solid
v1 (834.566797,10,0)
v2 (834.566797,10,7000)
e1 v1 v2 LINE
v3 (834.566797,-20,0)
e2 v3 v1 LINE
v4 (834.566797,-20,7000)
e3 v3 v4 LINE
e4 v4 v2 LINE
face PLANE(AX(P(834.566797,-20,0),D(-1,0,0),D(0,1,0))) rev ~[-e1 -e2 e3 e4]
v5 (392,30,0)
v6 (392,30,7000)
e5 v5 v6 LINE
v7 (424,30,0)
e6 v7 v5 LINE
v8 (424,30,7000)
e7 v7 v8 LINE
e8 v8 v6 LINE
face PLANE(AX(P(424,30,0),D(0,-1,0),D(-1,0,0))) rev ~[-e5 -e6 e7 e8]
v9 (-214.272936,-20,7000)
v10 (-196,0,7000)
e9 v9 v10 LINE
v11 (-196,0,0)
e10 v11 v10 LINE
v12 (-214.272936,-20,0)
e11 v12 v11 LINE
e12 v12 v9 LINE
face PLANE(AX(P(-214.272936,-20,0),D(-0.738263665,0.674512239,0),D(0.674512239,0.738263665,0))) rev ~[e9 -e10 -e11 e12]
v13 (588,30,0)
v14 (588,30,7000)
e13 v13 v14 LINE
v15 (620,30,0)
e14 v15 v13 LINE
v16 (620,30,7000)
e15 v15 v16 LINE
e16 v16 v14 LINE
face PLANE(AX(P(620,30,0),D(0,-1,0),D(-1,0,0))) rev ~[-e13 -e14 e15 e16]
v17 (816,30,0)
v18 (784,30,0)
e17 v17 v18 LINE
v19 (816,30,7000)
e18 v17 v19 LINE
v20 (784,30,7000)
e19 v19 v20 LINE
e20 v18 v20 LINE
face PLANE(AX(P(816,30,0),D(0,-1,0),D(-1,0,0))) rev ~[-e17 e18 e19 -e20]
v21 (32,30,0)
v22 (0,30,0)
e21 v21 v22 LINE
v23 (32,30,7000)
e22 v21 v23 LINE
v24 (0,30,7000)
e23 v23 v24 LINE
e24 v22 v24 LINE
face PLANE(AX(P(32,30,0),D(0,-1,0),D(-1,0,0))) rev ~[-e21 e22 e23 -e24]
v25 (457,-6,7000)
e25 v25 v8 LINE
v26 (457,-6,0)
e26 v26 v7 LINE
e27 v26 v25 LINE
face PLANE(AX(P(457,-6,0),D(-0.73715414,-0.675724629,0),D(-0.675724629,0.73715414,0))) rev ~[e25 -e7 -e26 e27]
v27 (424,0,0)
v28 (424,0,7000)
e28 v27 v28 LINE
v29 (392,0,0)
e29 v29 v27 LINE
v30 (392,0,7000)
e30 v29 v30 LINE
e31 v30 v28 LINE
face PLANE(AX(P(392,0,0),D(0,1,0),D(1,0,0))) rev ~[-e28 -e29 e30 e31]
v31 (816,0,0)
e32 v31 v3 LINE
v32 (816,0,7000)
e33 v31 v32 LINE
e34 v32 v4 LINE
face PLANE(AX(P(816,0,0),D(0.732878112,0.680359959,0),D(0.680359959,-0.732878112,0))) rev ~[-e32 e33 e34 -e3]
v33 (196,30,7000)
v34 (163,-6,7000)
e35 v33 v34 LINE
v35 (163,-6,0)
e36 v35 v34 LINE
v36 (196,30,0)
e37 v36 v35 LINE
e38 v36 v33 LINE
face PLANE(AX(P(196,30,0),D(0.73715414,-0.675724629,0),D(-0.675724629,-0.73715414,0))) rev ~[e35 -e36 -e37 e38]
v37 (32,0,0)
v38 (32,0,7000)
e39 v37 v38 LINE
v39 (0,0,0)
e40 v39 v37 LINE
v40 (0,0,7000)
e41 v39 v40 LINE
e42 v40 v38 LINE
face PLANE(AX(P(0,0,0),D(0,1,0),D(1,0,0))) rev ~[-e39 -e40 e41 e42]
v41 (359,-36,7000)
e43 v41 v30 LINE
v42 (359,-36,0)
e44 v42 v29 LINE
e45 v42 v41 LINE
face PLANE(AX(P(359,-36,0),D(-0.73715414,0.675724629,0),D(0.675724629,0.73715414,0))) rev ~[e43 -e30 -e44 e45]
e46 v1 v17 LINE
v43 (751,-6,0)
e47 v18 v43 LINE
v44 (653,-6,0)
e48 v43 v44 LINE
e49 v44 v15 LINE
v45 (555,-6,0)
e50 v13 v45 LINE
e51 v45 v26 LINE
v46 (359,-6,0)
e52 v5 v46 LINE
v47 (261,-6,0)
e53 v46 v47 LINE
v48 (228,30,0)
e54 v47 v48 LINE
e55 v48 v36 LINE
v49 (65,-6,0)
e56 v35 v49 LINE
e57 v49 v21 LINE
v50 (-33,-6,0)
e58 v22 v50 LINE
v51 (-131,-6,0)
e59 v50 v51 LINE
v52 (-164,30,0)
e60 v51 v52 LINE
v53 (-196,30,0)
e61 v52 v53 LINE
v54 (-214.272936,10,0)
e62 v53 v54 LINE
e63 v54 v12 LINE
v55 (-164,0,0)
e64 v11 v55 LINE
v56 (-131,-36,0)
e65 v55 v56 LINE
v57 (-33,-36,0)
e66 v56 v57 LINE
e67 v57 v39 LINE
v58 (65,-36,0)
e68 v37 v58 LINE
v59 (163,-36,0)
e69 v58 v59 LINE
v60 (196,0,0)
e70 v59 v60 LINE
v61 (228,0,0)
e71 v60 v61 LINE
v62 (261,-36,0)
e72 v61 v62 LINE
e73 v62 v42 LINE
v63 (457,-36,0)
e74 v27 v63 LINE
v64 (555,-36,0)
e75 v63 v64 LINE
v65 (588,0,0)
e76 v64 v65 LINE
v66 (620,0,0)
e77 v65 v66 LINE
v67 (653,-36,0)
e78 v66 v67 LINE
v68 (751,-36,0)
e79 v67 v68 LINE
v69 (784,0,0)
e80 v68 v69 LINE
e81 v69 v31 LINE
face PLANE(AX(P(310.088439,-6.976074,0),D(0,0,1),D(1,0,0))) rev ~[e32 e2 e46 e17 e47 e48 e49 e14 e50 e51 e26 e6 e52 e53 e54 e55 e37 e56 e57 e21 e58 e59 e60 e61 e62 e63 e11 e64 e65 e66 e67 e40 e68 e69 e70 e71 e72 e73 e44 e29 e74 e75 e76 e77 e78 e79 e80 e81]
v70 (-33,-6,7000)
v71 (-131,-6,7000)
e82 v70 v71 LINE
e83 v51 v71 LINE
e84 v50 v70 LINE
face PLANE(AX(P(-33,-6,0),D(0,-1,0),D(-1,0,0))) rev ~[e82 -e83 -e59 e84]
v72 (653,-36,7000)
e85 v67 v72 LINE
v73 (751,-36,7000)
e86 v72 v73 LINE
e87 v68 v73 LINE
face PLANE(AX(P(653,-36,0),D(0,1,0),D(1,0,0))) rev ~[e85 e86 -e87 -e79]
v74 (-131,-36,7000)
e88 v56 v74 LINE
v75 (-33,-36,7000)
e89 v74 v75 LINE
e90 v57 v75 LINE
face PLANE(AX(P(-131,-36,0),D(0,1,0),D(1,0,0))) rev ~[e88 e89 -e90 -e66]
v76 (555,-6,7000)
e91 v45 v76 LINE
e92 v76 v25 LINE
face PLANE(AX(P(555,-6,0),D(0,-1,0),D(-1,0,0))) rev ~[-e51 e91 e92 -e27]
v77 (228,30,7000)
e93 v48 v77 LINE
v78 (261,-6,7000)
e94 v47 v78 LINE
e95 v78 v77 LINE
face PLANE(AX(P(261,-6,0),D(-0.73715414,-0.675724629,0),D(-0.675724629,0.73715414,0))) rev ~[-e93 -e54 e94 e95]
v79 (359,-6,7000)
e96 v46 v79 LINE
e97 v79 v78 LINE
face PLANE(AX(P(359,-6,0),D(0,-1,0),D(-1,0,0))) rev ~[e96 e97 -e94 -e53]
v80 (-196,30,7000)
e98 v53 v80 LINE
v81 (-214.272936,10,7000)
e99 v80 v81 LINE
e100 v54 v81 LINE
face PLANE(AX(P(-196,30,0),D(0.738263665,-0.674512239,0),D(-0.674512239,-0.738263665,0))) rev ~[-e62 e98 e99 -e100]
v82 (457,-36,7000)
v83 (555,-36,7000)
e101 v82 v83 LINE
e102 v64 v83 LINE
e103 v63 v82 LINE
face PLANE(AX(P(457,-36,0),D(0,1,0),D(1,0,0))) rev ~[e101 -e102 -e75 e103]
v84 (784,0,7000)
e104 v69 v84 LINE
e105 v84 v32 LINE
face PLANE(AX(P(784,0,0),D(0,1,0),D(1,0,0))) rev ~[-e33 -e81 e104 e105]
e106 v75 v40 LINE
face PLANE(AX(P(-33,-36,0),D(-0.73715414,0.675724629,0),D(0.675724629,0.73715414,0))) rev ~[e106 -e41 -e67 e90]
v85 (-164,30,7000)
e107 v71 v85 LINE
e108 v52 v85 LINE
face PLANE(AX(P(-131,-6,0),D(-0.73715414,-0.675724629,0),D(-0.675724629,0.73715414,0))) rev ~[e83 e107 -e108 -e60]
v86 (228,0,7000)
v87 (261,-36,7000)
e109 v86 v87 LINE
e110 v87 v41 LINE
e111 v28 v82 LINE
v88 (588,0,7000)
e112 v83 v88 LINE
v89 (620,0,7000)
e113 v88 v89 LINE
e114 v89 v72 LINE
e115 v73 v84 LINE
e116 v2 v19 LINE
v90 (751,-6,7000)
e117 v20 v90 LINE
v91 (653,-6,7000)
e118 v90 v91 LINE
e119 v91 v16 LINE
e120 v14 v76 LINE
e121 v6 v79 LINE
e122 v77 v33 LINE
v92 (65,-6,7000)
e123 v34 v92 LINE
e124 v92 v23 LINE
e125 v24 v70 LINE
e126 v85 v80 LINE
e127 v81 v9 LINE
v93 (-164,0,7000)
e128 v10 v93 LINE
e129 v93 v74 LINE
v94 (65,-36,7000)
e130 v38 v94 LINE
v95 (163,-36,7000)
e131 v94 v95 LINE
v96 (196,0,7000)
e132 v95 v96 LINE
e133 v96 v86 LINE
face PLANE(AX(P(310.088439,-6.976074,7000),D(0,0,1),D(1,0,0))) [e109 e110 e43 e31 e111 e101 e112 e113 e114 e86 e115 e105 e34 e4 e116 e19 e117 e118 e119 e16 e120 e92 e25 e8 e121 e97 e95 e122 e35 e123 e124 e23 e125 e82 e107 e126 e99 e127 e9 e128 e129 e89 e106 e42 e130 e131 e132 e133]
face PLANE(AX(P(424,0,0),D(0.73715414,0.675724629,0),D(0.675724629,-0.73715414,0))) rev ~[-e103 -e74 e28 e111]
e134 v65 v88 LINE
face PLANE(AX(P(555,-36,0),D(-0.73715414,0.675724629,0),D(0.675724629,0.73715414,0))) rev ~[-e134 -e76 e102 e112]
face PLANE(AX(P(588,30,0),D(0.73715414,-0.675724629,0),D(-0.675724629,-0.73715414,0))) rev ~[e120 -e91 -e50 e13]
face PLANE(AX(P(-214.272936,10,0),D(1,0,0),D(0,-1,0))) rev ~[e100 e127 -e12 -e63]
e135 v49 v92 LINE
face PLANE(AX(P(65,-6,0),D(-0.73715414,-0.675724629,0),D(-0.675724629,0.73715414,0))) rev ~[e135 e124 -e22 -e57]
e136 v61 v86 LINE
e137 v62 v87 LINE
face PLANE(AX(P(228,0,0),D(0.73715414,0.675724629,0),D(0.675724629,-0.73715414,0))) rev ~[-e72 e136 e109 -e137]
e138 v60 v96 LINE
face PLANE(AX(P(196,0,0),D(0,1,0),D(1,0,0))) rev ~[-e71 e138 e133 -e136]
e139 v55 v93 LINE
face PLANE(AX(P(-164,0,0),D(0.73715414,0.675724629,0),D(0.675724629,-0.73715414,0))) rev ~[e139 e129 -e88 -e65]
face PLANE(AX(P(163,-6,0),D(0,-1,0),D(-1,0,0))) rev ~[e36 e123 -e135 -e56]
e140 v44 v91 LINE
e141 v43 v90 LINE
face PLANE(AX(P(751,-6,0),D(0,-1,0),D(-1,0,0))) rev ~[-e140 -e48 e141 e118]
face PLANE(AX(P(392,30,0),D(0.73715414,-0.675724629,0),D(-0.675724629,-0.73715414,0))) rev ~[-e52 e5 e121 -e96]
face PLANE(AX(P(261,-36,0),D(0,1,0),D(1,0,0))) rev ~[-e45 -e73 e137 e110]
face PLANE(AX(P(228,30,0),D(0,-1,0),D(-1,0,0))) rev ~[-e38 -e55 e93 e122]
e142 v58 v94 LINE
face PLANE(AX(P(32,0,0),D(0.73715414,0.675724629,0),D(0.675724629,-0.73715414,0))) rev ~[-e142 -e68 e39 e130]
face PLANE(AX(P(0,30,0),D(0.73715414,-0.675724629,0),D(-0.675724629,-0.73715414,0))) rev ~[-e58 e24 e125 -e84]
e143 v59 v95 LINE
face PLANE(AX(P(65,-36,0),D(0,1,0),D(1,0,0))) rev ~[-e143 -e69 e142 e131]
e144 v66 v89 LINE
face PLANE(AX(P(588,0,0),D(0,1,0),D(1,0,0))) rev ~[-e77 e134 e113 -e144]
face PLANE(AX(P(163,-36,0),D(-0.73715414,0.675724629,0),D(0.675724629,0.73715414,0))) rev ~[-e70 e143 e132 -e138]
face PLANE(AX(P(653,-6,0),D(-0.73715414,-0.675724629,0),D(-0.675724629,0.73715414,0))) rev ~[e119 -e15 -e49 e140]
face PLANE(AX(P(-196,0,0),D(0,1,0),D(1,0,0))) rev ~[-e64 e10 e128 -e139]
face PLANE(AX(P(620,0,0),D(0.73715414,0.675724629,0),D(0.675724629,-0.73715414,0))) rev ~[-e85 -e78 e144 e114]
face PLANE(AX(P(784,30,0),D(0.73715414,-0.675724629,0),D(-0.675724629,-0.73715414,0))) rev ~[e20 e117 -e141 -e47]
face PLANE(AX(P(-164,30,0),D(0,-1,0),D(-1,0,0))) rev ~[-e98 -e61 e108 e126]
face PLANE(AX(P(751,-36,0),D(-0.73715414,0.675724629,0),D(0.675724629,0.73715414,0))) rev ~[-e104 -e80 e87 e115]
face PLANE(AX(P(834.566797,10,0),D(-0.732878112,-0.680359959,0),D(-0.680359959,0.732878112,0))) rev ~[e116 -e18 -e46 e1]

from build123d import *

# Parameters (mm, degrees)
RESSALTO_EXTRUS_O1_DEPTH = 7000


with BuildPart() as part:
    # Esboço1 → Ressalto-extrusão1 (new body)
    with BuildSketch(Plane.XY):
        Polygon((0, 0), (32, 0), (65, -36), (163, -36), (196, 0), (228, 0), (261, -36), (359, -36), (392, 0), (424, 0), (457, -36), (555, -36), (588, 0), (620, 0), (653, -36), (751, -36), (784, 0), (816, 0), (834.566797067, -20), (834.566797067, 10), (816, 30), (784, 30), (751, -6), (653, -6), (620, 30), (588, 30), (555, -6), (457, -6), (424, 30), (392, 30), (359, -6), (261, -6), (228, 30), (196, 30), (163, -6), (65, -6), (32, 30), (0, 30), (-33, -6), (-131, -6), (-164, 30), (-196, 30), (-214.272936105, 10), (-214.272936105, -20), (-196, 0), (-164, 0), (-131, -36), (-33, -36), align=None)
    extrude(amount=RESSALTO_EXTRUS_O1_DEPTH)


solid = part.part
